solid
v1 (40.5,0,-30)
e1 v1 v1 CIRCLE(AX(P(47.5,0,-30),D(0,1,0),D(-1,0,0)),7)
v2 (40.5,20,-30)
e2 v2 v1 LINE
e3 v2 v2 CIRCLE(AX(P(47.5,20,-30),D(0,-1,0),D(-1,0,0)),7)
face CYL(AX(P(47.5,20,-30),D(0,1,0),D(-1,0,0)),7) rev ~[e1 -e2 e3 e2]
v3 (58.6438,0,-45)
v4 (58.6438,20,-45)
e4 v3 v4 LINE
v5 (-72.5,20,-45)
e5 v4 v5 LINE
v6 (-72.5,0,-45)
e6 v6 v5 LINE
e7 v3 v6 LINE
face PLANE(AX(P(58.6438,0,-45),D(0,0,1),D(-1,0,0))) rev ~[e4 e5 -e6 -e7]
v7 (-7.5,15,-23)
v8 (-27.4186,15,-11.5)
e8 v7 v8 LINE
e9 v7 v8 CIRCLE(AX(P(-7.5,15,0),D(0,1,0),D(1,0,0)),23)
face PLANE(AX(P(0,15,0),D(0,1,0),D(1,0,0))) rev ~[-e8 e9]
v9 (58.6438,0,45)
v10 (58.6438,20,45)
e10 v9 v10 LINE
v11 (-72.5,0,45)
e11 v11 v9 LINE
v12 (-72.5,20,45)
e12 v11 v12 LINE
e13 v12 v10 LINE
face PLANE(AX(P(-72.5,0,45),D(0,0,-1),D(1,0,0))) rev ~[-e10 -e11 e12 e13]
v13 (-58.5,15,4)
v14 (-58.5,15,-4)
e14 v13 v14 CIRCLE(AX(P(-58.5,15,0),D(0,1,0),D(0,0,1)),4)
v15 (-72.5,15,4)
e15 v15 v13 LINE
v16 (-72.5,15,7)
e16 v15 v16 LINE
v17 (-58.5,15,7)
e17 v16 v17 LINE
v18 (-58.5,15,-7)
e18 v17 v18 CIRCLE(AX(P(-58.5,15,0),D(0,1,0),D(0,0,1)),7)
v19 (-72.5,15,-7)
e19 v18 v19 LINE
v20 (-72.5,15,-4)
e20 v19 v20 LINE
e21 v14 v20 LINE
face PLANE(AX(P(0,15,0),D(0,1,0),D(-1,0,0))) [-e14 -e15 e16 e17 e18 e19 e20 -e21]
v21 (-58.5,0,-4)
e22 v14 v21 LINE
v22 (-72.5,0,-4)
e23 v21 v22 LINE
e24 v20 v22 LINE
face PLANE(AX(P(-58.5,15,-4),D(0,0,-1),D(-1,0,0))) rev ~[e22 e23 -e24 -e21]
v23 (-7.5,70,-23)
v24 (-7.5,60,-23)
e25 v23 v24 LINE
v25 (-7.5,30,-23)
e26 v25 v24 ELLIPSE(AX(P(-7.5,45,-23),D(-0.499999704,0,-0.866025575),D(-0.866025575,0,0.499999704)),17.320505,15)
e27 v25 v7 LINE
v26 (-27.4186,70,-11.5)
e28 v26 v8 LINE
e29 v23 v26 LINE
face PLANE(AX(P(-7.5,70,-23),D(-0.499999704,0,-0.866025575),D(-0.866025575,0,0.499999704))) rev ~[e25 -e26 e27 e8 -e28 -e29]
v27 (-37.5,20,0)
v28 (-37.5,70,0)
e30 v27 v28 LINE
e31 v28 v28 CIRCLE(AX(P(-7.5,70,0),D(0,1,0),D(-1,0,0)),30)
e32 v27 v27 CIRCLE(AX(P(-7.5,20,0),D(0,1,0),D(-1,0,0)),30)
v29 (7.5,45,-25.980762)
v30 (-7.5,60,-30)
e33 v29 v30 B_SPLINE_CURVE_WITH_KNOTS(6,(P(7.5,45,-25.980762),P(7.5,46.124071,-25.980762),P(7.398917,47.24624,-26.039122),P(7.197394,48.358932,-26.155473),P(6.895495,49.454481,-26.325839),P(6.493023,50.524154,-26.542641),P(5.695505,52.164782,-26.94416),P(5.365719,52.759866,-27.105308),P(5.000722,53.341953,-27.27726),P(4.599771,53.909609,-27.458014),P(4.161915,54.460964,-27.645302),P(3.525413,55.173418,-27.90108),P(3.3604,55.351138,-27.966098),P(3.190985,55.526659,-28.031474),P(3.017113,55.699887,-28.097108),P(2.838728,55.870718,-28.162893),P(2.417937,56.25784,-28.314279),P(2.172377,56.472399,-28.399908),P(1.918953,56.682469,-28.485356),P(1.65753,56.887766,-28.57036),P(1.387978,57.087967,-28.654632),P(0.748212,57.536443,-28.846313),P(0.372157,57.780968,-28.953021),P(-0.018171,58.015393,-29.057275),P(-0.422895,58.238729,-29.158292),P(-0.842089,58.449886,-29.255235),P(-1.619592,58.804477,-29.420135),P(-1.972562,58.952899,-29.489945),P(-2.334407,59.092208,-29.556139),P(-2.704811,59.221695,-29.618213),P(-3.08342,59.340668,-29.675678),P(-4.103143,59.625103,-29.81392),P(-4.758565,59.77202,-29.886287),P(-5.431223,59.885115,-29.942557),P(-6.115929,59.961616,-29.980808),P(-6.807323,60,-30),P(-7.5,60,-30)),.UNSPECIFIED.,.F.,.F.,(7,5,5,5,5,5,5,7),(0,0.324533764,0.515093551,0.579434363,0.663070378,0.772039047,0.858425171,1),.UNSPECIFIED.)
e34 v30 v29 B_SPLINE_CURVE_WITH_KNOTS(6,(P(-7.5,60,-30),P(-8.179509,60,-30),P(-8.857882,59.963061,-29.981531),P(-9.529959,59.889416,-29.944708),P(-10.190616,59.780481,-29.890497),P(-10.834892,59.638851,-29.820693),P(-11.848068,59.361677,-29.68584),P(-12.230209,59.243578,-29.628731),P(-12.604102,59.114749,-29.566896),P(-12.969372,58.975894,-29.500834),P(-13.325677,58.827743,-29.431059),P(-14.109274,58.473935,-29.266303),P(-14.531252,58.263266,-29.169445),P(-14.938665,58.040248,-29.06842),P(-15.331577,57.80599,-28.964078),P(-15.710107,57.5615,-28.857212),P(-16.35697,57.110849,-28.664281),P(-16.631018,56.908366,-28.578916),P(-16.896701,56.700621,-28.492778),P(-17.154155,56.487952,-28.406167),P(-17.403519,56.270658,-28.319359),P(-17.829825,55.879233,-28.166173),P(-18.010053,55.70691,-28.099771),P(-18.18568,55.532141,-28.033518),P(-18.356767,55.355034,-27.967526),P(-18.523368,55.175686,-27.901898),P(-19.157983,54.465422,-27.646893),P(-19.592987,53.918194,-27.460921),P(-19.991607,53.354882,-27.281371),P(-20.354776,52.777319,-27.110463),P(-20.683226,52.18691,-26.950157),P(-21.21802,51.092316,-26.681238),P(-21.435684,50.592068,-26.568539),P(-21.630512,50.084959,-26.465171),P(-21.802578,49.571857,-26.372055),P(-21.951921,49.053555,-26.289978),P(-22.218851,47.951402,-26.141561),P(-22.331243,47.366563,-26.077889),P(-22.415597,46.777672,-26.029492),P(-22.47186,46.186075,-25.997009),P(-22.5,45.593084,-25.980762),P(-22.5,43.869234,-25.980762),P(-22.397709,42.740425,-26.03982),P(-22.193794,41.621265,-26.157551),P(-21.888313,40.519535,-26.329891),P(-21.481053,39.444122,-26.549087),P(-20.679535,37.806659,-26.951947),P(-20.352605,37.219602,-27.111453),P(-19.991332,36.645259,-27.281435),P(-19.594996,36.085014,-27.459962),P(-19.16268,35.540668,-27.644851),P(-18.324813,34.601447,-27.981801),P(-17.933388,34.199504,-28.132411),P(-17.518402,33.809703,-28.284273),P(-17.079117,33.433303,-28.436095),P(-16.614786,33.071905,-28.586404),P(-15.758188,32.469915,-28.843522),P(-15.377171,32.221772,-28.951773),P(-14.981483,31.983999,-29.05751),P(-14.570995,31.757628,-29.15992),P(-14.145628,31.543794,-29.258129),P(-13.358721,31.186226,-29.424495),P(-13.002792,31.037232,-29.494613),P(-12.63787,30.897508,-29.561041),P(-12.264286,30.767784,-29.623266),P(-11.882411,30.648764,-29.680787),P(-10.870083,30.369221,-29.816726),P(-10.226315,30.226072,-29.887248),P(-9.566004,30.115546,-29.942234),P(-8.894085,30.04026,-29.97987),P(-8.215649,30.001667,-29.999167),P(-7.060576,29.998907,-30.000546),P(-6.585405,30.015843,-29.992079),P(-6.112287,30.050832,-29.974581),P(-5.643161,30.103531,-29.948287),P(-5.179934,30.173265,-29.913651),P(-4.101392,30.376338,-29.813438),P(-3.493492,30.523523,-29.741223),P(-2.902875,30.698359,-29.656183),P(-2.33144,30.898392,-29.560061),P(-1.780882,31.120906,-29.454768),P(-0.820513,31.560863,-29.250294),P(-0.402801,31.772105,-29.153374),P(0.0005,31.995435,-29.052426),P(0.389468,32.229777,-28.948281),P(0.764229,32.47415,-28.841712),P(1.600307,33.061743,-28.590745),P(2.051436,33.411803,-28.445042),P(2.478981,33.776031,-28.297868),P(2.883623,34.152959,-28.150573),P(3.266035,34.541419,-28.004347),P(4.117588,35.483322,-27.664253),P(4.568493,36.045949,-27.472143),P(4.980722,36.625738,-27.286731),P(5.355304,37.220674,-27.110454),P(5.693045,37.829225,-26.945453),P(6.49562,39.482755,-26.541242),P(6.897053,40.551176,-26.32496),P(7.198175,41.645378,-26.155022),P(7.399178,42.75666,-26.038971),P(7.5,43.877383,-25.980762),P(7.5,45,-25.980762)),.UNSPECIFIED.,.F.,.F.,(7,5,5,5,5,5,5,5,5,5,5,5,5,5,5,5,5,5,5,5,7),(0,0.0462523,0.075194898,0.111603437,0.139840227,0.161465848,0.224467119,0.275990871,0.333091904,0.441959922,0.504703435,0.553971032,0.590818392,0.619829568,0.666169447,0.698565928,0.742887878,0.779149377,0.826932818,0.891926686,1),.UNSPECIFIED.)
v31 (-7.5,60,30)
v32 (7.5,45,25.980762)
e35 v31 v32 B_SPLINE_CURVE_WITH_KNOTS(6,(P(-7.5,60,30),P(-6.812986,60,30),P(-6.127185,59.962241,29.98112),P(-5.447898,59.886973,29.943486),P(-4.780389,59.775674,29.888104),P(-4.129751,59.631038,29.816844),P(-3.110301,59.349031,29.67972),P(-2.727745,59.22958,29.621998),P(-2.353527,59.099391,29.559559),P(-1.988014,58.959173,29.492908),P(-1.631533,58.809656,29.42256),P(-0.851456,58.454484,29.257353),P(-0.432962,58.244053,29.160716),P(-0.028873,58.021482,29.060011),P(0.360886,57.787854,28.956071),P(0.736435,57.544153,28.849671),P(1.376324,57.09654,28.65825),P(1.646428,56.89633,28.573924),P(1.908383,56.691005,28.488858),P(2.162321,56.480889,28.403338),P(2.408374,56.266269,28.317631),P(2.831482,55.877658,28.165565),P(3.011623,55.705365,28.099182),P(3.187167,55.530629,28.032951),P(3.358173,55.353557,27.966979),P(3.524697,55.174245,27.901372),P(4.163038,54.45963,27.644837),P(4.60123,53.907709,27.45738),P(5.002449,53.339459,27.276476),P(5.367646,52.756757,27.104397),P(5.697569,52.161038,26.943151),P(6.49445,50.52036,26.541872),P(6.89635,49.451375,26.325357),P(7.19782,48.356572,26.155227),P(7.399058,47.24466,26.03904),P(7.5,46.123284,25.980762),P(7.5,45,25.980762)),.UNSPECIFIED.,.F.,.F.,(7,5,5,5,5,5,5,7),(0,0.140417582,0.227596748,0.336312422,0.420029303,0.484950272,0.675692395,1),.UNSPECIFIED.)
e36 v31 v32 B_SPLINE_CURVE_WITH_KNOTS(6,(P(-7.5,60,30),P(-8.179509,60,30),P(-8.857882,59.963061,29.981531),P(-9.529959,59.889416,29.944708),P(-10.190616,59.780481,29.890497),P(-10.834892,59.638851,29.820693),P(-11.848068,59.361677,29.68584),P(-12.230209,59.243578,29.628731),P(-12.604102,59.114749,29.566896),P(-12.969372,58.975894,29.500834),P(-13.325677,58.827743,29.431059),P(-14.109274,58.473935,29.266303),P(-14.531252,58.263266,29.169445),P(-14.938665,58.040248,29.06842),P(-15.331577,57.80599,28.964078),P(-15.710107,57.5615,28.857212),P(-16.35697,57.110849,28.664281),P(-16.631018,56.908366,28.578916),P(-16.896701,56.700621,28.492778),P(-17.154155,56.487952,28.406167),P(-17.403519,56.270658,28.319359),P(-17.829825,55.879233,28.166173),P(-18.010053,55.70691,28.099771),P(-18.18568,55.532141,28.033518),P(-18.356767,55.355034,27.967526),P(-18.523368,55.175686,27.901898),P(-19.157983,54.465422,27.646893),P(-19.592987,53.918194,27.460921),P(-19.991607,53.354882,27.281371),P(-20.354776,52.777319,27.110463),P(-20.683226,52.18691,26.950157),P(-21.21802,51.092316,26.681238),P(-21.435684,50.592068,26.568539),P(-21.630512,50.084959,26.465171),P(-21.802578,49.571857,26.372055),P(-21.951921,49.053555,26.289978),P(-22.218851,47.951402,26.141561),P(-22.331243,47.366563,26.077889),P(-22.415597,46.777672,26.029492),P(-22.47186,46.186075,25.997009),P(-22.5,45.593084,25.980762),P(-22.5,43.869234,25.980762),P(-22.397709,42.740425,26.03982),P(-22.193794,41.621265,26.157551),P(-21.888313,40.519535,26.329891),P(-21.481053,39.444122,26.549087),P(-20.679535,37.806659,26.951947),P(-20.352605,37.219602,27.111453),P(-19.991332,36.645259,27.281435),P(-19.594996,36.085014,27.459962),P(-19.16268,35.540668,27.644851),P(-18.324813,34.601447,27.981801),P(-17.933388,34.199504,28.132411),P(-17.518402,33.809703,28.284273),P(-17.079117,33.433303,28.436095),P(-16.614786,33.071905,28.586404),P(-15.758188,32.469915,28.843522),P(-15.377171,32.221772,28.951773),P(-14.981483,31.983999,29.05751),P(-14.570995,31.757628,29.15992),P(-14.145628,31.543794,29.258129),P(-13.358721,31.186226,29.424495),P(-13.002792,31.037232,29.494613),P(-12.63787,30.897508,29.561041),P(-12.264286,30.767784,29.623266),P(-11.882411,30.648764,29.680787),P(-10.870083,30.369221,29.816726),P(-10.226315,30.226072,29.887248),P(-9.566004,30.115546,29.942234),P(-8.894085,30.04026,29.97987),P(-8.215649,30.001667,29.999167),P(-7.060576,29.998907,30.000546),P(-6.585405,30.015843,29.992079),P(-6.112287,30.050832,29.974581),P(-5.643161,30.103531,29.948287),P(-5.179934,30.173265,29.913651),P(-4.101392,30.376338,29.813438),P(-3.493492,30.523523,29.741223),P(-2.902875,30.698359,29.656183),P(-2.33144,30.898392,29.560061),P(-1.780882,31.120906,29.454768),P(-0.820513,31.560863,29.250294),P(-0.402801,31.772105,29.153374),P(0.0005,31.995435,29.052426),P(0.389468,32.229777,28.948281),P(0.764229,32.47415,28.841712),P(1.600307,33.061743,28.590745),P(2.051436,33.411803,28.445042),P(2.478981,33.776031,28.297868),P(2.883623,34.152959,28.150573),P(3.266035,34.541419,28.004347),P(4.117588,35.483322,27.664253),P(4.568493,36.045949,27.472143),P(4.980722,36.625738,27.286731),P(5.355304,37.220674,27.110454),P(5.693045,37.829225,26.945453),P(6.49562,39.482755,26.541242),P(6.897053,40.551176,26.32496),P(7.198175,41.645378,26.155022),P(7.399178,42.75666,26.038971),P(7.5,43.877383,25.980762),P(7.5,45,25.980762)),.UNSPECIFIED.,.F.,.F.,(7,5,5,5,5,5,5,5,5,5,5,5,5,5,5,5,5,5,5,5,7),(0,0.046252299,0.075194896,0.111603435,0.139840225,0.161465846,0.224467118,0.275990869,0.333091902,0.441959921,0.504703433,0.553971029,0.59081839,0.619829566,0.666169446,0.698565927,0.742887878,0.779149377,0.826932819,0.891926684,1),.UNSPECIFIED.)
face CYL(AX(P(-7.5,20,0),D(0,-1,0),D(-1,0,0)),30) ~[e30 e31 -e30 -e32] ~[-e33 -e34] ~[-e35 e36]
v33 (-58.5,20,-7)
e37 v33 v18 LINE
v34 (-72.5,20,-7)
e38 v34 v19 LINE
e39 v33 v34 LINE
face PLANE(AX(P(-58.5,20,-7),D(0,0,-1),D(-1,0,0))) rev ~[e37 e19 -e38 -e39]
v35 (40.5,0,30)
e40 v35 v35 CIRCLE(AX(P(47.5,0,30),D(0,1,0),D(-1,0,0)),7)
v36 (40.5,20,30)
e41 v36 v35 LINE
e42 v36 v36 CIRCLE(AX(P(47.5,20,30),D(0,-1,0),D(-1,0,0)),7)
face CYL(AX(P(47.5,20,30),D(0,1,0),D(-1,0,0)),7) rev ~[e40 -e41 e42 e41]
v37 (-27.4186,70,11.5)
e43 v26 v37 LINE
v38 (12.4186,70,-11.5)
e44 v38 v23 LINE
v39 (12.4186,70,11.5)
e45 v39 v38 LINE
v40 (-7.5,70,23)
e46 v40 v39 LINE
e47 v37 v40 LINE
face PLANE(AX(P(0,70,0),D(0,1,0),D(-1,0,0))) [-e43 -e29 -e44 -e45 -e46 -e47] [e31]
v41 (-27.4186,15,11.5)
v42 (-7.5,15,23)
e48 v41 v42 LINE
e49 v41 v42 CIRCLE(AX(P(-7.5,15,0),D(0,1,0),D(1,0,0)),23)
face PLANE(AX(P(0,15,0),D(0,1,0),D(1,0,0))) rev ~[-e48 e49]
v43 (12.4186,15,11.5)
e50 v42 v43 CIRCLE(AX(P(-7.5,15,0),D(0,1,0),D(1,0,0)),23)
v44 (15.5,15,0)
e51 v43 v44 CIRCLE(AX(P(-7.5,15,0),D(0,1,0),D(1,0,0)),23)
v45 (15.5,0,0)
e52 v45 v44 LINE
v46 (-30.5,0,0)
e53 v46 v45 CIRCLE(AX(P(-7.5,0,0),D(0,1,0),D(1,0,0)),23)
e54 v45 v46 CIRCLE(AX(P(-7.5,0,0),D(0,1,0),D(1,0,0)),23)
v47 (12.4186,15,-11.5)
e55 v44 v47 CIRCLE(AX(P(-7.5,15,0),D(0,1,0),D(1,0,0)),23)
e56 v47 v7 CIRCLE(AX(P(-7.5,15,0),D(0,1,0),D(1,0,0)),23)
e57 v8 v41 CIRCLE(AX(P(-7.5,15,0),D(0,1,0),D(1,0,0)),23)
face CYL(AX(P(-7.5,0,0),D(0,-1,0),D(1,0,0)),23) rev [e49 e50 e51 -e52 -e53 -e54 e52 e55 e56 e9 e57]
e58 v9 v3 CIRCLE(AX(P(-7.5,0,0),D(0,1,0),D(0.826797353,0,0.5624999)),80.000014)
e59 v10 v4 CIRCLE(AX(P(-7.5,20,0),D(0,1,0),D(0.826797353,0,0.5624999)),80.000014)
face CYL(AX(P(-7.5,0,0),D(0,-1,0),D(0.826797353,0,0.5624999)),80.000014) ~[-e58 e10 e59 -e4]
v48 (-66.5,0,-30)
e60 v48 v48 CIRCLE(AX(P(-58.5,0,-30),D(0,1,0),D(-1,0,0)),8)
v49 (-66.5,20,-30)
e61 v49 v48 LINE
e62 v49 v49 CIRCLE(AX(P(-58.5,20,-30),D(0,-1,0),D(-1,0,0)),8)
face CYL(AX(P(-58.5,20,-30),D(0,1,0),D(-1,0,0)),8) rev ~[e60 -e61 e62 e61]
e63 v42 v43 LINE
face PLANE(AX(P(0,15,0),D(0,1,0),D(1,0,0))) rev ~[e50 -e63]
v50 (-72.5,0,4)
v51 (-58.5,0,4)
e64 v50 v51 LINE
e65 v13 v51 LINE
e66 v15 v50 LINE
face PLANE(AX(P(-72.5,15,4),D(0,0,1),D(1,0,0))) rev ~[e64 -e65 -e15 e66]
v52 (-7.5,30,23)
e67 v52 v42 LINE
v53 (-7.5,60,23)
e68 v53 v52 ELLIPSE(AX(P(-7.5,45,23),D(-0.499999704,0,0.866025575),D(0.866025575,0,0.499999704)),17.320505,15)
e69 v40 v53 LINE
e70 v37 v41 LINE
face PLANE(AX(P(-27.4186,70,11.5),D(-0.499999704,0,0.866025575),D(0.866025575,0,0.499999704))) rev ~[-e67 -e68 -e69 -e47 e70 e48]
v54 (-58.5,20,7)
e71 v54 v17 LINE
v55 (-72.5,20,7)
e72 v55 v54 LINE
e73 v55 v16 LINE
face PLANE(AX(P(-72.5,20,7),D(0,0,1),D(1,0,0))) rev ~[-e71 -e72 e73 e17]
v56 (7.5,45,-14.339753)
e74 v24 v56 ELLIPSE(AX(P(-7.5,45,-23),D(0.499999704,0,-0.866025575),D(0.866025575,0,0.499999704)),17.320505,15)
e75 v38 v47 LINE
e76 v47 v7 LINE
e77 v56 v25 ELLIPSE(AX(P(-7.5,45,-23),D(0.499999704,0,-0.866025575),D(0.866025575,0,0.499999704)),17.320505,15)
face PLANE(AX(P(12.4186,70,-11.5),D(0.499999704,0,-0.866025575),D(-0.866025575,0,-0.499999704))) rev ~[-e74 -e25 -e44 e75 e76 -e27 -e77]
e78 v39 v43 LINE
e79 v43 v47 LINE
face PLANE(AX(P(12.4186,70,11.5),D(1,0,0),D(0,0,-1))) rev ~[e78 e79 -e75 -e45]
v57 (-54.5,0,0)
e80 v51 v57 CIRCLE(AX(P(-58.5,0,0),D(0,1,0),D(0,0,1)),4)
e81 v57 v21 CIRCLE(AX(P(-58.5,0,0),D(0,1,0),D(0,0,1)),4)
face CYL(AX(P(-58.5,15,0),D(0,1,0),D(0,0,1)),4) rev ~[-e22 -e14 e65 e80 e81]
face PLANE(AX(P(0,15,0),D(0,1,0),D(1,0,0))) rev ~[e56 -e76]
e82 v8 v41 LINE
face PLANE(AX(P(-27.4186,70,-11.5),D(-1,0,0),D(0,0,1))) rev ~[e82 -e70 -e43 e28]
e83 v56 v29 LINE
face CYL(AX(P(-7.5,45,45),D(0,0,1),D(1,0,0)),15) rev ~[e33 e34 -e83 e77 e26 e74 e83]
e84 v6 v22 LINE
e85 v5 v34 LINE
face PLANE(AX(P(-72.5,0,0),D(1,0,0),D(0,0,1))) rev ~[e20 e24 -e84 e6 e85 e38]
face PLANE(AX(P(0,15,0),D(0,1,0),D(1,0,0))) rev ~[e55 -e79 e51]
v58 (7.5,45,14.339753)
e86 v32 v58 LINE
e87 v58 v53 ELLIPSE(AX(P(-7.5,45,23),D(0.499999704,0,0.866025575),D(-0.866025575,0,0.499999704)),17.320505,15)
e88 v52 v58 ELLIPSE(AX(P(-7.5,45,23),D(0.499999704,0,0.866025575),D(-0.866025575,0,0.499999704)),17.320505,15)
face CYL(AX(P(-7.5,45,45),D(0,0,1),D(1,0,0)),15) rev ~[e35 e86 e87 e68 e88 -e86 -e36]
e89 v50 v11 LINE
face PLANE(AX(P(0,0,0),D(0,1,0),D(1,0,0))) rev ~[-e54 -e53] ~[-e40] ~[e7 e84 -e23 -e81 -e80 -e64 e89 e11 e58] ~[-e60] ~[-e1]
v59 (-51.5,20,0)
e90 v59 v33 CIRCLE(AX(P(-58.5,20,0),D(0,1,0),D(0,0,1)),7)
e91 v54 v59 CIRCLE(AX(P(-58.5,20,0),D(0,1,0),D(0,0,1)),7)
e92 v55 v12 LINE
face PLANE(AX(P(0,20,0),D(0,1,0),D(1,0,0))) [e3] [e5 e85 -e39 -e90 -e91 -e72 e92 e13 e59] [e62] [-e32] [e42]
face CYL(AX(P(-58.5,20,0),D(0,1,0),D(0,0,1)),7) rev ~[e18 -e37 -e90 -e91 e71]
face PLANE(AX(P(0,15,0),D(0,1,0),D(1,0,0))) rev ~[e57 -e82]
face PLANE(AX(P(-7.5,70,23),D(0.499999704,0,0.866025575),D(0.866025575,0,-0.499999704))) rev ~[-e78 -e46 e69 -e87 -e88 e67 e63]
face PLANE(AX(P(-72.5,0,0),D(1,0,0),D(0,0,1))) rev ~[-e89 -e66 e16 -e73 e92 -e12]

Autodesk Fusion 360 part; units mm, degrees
sketch "Sketch1" plane through (0, 0, 0) normal (0, 1, 0) x (1, 0, 0)
  line L0 (58.6438, 45) -> (-72.5, 45)
  line L1 (-72.5, 45) -> (-72.5, -45)
  line L2 (-72.5, -45) -> (58.6438, -45)
  line L3 (62.4739, 38.7769) -> (-72.5, -45) construction
  line L4 (-72.5, 45) -> (62.4739, -38.7769) construction
  line L5 (-72.5, 0) -> (-7.5, 0)
  arc A0 (58.6438, -45) -> (58.6438, 45) centre (-7.5, 0) ccw
  circle A1 centre (-7.5, 0) radius 23
  dimension "d2" = 90
  dimension "d3" = 65
  dimension "d4" = 160
  dimension "d7" = 46
extrude "Extrude2" add sketch "Sketch1" along normal blind 15 contours A1 makes body 1
extrude "Extrude1" add sketch "Sketch1" along normal blind 20 separate body contours A1 | L0 L1 L2 A0 makes body 2
combine "Combine1" operation cut target body 2 tool bodies 1
sketch "Sketch2" plane through (0, 20, 0) normal (0, 1, 0) x (-1, 0, 0)
  arc A0 (-58.6438, 45) -> (-58.6438, -45) centre (7.5, 0) ccw
  line L0 (-58.6438, -45) -> (72.5, -45)
  line L1 (72.5, -45) -> (72.5, 45)
  line L2 (72.5, 45) -> (-58.6438, 45)
  circle A1 centre (7.5, 0) radius 23
  circle A2 centre (7.5, 0) radius 30
  dimension "d10" = 60
extrude "Extrude3" add sketch "Sketch2" along normal blind 50 contours A1 | A2 bodies 2
sketch "Sketch3" plane through (0, 70, 0) normal (0, 1, 0) x (-1, 0, 0)
  circle A0 centre (7.5, 0) radius 30
  line L0 (7.5, -23) -> (27.4186, -11.5)
  line L1 (27.4186, -11.5) -> (27.4186, 11.5)
  line L2 (27.4186, 11.5) -> (7.5, 23)
  line L3 (7.5, 23) -> (-12.4186, 11.5)
  line L4 (-12.4186, 11.5) -> (-12.4186, -11.5)
  line L5 (-12.4186, -11.5) -> (7.5, -23)
  point P0 (7.5, 0)
  dimension "d13" = 23
extrude "Extrude4" cut sketch "Sketch3" against normal blind 55 contours L0 L1 L2 L3 L4 L5 bodies 2
ref_plane "WorkPlane1" through (-6.9281, 10, 45) normal (0, 0, 1) x (1, 0, 0)
sketch "Sketch4" plane through (-6.9281, 10, 45) normal (0, 0, 1) x (1, 0, 0)
  line L0 (29.4281, 60) -> (-30.5719, 60)
  line L1 (-30.5719, 10) -> (29.4281, 10)
  line L2 (-0.5719, 60) -> (-0.5719, 35)
  circle A0 centre (-0.5719, 35) radius 15
  dimension "d17" = 25
  dimension "d18" = 30
extrude "Extrude5" cut sketch "Sketch4" against normal blind 135 bodies 2
sketch "Sketch5" plane through (0, 20, 0) normal (0, 1, 0) x (-1, 0, 0)
  circle A0 centre (7.5, 0) radius 30
  arc A1 (-58.6438, 45) -> (-58.6438, -45) centre (7.5, 0) ccw
  line L0 (-58.6438, -45) -> (72.5, -45)
  line L1 (72.5, -45) -> (72.5, 45)
  line L2 (72.5, 45) -> (-58.6438, 45)
  line L3 (-47.5, -30) -> (62.5, -30)
  line L4 (62.5, -30) -> (62.5, 30)
  line L5 (62.5, 30) -> (-47.5, 30)
  line L6 (-47.5, 30) -> (-47.5, -30)
  line L7 (-47.5, -30) -> (62.5, 30) construction
  line L8 (62.5, -30) -> (-47.5, 30) construction
  line L9 (72.5, -45) -> (58.5, -45)
  line L10 (58.5, -45) -> (58.5, -30)
  line L11 (58.5, -30) -> (72.5, -30)
  line L12 (72.5, -30) -> (72.5, -45)
  circle A2 centre (-47.5, -30) radius 7
  circle A3 centre (-47.5, 30) radius 7
  circle A4 centre (58.5, -30) radius 8
  point P0 (7.5, 0)
  dimension "d21" = 110
  dimension "d22" = 60
  dimension "d23" = 14
  dimension "d24" = 15
  dimension "d25" = 14
  dimension "d26" = 14
  dimension "d27" = 16
extrude "Extrude6" cut sketch "Sketch5" against normal blind 20 contours L5 L6 A3 | L5 L6 A3 | L3 L6 A2 | L3 L6 A2 | L3 L4 L11 A4 | L3 L10 A4 | L4 L11 A4 | L3 L10 L11 A4 bodies 2
sketch "Sketch6" plane through (0, 20, 0) normal (0, 1, 0) x (-1, 0, 0)
  circle A0 centre (-47.5, 30) radius 7
  circle A1 centre (-47.5, -30) radius 7
  circle A2 centre (58.5, -30) radius 8
  circle A3 centre (7.5, 0) radius 30
  arc A4 (-58.6438, 45) -> (-58.6438, -45) centre (7.5, 0) ccw
  line L0 (-58.6438, -45) -> (72.5, -45)
  line L1 (72.5, -45) -> (72.5, 45)
  line L2 (72.5, 45) -> (-58.6438, 45)
  line L3 (58.5, -30) -> (58.5, 30) construction
  line L4 (72.5, 0) -> (58.5, 0) construction
  line L5 (58.5, -7) -> (79, -7)
  arc A5 (79, -7) -> (79, 7) centre (79, 0) ccw
  line L6 (79, 7) -> (58.5, 7)
  arc A6 (58.5, 7) -> (58.5, -7) centre (58.5, 0) ccw
  line L7 (58.5, 0) -> (79, 0) construction
  dimension "d30" = 14
extrude "Extrude7" cut sketch "Sketch6" against normal blind 5 contours L1 L5 L6 A6 bodies 2
sketch "Sketch7" plane through (0, 15, 0) normal (0, 1, 0) x (-1, 0, 0)
  arc A0 (58.5, 7) -> (58.5, -7) centre (58.5, 0) ccw
  line L0 (58.5, -7) -> (72.5, -7)
  line L1 (72.5, -7) -> (72.5, 7)
  line L2 (72.5, 7) -> (58.5, 7)
  line L3 (58.5, -4) -> (88, -4)
  arc A1 (88, -4) -> (88, 4) centre (88, 0) ccw
  line L4 (88, 4) -> (58.5, 4)
  arc A2 (58.5, 4) -> (58.5, -4) centre (58.5, 0) ccw
  line L5 (58.5, 0) -> (88, 0) construction
  dimension "d33" = 8
extrude "Extrude8" cut sketch "Sketch7" against normal blind 20 contours L1 L3 L4 A2 bodies 2
equation "d4 = ( 80 * 2 ) * 1 mm"
equation "d11 = 70 mm - 20 mm"
equation "d13 = ( 46 / 2 ) * 1 mm"
equation "d21 = ( 55 * 2 ) * 1 mm"
